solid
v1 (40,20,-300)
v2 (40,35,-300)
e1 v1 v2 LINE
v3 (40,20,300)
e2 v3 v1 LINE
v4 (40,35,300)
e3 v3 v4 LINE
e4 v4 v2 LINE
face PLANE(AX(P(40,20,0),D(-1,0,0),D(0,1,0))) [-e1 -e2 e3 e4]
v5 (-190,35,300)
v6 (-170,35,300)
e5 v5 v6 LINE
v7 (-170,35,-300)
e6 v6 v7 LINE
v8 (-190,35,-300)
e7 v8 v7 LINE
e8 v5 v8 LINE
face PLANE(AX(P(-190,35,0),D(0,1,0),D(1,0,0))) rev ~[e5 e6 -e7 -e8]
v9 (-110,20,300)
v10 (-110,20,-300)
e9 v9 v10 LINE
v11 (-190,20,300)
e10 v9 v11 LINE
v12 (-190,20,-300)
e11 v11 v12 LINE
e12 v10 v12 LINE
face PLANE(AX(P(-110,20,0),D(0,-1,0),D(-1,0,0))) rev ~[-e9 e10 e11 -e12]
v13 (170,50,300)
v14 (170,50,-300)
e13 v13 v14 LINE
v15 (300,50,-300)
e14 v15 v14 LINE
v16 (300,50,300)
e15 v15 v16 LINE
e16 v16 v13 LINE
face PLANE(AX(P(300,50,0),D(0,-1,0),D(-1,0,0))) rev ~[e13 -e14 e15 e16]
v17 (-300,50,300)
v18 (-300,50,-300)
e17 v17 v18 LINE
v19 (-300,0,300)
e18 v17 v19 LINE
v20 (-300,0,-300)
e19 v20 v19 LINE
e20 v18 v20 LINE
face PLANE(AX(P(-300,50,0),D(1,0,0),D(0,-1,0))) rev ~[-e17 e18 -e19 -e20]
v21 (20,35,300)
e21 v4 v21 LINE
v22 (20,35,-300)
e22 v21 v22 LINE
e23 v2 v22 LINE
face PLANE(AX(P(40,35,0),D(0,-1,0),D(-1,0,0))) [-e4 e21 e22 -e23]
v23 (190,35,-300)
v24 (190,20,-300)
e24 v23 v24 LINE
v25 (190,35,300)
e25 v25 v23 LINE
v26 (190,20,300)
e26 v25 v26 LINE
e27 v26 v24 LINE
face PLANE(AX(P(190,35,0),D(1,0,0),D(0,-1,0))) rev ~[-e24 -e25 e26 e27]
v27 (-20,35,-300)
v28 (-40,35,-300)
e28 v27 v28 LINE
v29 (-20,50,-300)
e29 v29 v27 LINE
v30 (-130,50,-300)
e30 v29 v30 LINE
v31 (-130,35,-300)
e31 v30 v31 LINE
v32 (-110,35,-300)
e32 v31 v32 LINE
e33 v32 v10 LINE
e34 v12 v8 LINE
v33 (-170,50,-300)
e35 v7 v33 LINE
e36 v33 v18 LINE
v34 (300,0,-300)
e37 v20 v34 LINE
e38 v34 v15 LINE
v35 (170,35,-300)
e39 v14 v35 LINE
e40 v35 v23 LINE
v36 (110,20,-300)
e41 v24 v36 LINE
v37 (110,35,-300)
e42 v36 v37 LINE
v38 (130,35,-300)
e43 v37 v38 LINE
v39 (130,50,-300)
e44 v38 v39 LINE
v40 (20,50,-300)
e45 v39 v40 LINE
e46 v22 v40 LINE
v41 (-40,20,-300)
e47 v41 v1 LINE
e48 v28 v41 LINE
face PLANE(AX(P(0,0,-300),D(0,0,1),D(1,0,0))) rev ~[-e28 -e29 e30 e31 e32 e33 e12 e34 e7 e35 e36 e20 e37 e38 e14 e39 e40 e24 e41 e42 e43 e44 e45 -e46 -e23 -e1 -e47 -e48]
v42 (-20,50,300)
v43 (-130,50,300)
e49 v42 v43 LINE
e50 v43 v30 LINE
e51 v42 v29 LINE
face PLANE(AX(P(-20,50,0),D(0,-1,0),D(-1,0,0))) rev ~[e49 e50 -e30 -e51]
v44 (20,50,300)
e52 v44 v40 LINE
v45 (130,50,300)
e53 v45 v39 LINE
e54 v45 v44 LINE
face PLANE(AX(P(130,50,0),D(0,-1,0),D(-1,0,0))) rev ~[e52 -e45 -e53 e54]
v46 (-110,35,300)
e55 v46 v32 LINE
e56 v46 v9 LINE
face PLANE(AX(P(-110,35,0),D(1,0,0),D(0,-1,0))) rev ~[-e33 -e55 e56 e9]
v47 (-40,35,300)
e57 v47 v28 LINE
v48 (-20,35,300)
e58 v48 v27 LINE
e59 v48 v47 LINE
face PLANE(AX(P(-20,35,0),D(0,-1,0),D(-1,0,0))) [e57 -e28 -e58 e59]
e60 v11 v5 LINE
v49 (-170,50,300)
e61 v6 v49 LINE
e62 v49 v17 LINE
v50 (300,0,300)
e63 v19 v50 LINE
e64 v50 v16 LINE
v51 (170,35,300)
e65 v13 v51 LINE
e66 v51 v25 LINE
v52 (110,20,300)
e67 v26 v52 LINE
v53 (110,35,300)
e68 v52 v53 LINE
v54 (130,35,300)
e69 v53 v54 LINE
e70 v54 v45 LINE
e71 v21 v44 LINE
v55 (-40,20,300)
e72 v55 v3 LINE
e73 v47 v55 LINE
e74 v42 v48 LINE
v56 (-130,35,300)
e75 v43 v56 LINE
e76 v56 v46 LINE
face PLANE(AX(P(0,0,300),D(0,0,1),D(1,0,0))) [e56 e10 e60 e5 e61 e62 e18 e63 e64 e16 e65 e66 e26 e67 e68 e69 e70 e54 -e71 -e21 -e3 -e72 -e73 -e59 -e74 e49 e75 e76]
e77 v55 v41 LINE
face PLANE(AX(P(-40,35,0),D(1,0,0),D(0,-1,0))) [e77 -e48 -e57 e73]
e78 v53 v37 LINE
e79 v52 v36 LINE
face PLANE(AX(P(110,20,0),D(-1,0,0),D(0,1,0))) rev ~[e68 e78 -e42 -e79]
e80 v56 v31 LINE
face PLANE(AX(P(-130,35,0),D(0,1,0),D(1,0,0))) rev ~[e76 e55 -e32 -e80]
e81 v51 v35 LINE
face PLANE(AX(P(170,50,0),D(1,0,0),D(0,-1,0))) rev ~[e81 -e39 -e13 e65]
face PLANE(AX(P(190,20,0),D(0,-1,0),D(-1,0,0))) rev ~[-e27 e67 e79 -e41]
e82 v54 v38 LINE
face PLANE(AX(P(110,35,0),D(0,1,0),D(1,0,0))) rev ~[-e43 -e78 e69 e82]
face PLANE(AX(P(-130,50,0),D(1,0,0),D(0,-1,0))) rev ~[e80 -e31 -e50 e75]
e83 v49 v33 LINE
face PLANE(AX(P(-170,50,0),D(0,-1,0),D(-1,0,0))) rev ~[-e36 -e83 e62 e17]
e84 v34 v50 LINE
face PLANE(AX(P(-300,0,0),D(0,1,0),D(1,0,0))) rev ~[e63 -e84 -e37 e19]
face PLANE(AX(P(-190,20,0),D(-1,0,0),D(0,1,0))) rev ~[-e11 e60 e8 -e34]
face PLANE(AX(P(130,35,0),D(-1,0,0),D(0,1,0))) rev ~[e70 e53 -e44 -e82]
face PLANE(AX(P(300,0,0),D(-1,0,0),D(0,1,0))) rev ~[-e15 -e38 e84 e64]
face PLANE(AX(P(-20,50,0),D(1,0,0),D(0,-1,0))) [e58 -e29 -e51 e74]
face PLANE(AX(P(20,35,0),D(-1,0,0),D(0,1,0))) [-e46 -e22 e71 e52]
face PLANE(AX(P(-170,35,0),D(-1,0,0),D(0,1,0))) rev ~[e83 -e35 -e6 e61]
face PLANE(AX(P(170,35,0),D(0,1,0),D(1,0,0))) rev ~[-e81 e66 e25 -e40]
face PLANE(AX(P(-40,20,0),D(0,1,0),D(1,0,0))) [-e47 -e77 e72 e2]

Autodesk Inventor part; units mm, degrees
ref_plane "YZ Plane" through (0, 0, 0) normal (1, 0, 0) x (0, 1, 0)
ref_plane "XZ Plane" through (0, 0, 0) normal (0, 1, 0) x (-1, 0, 0)
ref_plane "XY Plane" through (0, 0, 0) normal (0, 0, 1) x (1, 0, 0)
sketch "Sketch1" plane through (0, 0, 0) normal (0, 0, 1) x (1, 0, 0)
  line L0 (-300, 0) -> (300, 0)
  line L1 (300, 0) -> (300, 50)
  line L2 (-300, 50) -> (-300, 0)
  line L3 (-20, 50) -> (-20, 35)
  line L4 (-20, 35) -> (-40, 35)
  line L5 (-40, 35) -> (-40, 20)
  line L6 (-40, 20) -> (40, 20)
  line L7 (40, 20) -> (40, 35)
  line L8 (40, 35) -> (20, 35)
  line L9 (20, 35) -> (20, 50)
  line L10 (-75, 159.793) -> (-75, -97.8722) construction
  line L11 (75, 159.793) -> (75, -92.8199) construction
  line L12 (-130, 50) -> (-130, 35)
  line L13 (-130, 35) -> (-110, 35)
  line L14 (-110, 35) -> (-110, 20)
  line L15 (-110, 20) -> (-190, 20)
  line L16 (-190, 20) -> (-190, 35)
  line L17 (-190, 35) -> (-170, 35)
  line L18 (-170, 35) -> (-170, 50)
  line L19 (170, 50) -> (170, 35)
  line L20 (170, 35) -> (190, 35)
  line L21 (190, 35) -> (190, 20)
  line L22 (190, 20) -> (110, 20)
  line L23 (110, 20) -> (110, 35)
  line L24 (110, 35) -> (130, 35)
  line L25 (130, 35) -> (130, 50)
  line L26 (-20, 50) -> (-130, 50)
  line L27 (-170, 50) -> (-300, 50)
  line L28 (300, 50) -> (170, 50)
  line L29 (130, 50) -> (20, 50)
  point P0 (0, 0)
  dimension "d0" = 300
  dimension "d1" = 600
  dimension "d2" = 50
  dimension "d3" = 50
  dimension "d4" = 20
  dimension "d5" = 20
  dimension "d6" = 20
  dimension "d7" = 20
  dimension "d8" = 30
  dimension "d9" = 15
  dimension "d10" = 15
  dimension "d12" = 75
  dimension "d13" = 75
  dimension "d14" = 15
  dimension "d15" = 109.793
  dimension "d16" = 142.8199
  dimension "d17" = 109.793
  dimension "d18" = 147.8722
extrude "Extrusion1" add sketch "Sketch1" along normal mid plane 600
properties part number "base plate"
